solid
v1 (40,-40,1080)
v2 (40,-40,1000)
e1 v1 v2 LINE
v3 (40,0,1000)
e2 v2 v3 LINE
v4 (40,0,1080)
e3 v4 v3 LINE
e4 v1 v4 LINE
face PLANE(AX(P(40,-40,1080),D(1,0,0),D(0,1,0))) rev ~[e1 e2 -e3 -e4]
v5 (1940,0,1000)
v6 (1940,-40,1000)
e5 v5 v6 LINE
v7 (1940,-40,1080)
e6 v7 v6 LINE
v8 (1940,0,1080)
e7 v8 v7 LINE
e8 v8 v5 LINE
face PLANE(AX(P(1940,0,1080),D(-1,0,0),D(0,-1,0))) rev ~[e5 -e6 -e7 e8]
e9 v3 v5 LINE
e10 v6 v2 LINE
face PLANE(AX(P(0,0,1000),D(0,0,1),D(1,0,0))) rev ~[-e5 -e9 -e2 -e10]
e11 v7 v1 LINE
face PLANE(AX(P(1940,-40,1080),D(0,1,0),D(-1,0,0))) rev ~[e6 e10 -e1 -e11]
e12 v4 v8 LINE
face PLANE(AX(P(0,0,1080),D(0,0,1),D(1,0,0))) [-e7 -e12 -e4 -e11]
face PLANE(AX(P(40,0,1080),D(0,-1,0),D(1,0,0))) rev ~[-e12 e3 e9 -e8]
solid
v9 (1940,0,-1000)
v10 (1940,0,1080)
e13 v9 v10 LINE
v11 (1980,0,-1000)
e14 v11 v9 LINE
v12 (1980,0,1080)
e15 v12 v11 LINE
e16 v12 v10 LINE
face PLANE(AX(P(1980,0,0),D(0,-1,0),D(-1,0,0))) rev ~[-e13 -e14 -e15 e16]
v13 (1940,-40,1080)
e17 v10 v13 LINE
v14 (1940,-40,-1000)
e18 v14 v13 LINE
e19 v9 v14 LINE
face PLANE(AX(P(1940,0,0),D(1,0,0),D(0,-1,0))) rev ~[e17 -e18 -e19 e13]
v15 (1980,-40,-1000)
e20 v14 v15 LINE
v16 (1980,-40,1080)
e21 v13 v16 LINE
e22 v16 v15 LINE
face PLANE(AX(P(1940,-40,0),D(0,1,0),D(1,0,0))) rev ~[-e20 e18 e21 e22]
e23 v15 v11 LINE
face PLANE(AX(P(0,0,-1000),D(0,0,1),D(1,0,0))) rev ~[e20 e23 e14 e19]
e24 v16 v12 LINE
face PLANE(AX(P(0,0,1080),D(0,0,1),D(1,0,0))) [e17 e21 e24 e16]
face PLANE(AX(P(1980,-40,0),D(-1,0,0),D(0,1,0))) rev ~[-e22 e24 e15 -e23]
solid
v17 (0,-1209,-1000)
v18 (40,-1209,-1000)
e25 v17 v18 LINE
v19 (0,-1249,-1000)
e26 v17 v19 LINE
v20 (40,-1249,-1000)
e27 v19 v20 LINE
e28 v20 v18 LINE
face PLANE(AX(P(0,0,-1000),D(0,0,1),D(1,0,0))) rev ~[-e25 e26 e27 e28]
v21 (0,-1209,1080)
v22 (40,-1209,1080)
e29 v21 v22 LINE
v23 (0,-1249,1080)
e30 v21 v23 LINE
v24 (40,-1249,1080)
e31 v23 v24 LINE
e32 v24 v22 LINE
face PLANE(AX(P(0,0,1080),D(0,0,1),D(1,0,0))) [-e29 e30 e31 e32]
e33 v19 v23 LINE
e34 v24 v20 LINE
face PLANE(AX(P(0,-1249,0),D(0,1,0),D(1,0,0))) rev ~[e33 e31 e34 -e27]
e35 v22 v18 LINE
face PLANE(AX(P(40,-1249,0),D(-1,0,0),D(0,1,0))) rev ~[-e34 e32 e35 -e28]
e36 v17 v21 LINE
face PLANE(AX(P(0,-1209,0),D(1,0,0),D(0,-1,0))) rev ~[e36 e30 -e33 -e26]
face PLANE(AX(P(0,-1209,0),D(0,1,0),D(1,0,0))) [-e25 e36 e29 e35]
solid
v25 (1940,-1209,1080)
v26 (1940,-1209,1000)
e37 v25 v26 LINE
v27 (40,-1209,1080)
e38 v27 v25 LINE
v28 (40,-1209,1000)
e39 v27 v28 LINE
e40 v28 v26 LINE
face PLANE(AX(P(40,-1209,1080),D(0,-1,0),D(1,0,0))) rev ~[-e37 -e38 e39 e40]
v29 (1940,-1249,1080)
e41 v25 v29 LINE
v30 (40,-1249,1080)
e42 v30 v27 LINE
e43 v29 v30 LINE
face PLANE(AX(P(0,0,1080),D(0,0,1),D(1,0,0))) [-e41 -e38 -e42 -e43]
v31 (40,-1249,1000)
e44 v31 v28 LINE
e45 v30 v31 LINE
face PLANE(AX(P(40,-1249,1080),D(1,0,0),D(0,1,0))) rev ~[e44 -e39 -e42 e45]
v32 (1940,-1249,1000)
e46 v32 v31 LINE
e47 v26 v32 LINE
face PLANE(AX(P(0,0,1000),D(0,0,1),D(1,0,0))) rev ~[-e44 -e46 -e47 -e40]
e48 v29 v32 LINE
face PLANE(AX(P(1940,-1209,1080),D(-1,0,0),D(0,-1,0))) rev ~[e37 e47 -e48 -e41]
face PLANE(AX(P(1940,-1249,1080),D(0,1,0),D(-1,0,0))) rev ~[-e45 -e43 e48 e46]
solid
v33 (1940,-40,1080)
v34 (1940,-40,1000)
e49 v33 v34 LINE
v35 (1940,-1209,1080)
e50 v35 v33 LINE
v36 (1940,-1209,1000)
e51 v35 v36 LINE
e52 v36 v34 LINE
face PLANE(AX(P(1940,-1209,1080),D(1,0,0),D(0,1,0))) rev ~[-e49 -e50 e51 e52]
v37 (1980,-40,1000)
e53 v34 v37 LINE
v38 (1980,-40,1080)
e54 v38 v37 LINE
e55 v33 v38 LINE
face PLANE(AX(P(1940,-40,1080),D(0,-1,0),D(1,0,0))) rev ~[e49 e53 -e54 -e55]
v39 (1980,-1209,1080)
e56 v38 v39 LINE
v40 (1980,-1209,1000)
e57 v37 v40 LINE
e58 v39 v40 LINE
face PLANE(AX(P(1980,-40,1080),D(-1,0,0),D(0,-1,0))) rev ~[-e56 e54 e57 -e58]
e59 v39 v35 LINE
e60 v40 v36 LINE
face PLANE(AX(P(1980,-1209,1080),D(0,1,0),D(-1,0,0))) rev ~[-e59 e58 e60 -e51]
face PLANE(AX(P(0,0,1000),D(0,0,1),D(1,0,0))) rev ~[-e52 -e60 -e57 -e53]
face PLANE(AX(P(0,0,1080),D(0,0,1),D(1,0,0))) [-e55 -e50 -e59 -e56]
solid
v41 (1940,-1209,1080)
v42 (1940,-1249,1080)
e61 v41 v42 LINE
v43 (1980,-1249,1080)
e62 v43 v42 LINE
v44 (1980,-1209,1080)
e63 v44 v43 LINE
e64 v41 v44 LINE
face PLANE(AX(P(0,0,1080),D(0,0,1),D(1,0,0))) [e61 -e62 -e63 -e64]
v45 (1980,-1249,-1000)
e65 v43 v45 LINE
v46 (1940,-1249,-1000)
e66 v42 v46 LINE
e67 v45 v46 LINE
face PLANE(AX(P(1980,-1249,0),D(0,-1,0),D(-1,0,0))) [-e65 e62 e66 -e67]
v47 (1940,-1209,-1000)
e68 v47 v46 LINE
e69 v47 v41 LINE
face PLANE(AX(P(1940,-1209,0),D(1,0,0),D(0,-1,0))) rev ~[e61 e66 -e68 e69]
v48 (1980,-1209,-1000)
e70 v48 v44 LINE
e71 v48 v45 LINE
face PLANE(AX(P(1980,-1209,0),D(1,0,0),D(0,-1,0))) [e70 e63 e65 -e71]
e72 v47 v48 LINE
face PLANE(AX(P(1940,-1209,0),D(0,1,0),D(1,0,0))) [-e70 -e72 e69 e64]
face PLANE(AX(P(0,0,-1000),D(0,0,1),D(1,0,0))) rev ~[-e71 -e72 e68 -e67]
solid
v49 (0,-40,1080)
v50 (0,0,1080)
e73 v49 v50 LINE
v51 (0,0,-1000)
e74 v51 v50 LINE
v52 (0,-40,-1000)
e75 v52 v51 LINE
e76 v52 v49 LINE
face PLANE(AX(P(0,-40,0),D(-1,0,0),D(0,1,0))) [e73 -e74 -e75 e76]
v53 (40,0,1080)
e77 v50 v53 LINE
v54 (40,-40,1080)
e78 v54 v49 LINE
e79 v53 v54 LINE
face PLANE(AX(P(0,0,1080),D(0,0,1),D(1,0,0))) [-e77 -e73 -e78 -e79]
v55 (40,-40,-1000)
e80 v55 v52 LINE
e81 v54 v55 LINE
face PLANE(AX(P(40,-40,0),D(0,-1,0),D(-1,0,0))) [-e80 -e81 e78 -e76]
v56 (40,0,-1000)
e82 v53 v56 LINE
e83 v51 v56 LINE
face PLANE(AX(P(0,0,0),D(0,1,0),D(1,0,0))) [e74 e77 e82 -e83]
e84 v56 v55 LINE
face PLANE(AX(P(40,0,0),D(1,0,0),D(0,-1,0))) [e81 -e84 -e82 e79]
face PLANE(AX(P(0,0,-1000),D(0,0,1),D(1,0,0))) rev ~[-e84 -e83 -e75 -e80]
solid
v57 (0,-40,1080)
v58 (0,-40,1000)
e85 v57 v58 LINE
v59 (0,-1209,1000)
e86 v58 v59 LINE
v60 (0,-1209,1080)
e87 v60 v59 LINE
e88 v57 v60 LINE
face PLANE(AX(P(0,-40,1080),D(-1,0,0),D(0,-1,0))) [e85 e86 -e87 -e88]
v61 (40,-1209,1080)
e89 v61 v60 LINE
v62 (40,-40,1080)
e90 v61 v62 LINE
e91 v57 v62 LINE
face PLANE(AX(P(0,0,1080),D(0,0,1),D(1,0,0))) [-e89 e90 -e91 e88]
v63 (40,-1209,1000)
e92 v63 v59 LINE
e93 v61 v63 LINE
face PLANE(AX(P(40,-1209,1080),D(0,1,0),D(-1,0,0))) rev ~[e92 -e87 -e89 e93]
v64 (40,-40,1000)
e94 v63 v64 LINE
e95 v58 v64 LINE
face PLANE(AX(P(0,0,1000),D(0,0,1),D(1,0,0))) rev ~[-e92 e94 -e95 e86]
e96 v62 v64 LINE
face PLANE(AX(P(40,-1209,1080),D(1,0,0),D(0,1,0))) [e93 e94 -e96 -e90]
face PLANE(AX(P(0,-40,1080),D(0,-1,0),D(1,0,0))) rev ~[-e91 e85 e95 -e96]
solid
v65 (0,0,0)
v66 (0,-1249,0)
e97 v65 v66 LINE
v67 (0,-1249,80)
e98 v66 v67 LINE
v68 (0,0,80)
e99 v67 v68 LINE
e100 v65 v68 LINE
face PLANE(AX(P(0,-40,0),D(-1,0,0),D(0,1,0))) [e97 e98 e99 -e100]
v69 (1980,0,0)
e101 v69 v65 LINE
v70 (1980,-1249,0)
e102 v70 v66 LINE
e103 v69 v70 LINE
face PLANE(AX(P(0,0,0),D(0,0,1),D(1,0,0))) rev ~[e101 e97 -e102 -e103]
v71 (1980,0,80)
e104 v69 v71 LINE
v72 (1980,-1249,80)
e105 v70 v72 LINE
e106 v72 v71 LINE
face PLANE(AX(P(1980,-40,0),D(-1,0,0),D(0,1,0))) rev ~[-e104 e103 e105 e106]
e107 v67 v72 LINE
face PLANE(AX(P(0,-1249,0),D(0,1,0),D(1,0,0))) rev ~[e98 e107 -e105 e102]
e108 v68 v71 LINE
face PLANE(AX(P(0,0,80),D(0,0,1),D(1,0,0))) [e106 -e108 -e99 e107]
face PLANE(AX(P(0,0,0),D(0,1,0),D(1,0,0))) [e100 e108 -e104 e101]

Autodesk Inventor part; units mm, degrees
ref_plane "YZ Plane" through (0, 0, 0) normal (1, 0, 0) x (0, 1, 0)
ref_plane "XZ Plane" through (0, 0, 0) normal (0, 1, 0) x (-1, 0, 0)
ref_plane "XY Plane" through (0, 0, 0) normal (0, 0, 1) x (1, 0, 0)
sketch "Sketch1" plane through (0, 0, 0) normal (0, 0, 1) x (1, 0, 0)
  line L0 (0, 0) -> (40, 0)
  line L1 (40, 0) -> (40, -40)
  line L2 (40, -40) -> (0, -40)
  line L3 (0, -40) -> (0, 0)
  line L4 (40, 0) -> (1940, 0)
  line L5 (1940, 0) -> (1940, -40)
  line L6 (1940, -40) -> (1980, -40)
  line L7 (1980, -40) -> (1980, 0)
  line L8 (1980, 0) -> (1940, 0)
  line L9 (40, -40) -> (1940, -40)
  line L10 (0, -40) -> (0, -1209)
  line L11 (0, -1209) -> (40, -1209)
  line L12 (40, -1209) -> (40, -40)
  line L13 (0, -1209) -> (0, -1249)
  line L14 (0, -1249) -> (40, -1249)
  line L15 (40, -1249) -> (40, -1209)
  line L16 (1940, -1209) -> (1940, -1249)
  line L17 (1940, -1249) -> (40, -1249)
  line L18 (1940, -1209) -> (1980, -1209)
  line L19 (1980, -1209) -> (1980, -1249)
  line L20 (1980, -1249) -> (1940, -1249)
  line L21 (1940, -1209) -> (1940, -40)
  line L22 (1980, -40) -> (1980, -1209)
  line L23 (40, -1209) -> (1940, -1209)
  line L24 (40, -520) -> (1940, -520)
  line L25 (40, -560) -> (1940, -560)
  line L26 (490, -40) -> (490, -520)
  line L27 (530, -520) -> (530, -40)
  line L28 (830, -40) -> (830, -520)
  line L29 (870, -520) -> (870, -40)
  line L30 (1130, -40) -> (1130, -520)
  line L31 (1170, -520) -> (1170, -40)
  line L32 (1470, -40) -> (1470, -520)
  line L33 (1510, -520) -> (1510, -40)
  line L34 (240, -560) -> (240, -1209)
  line L35 (280, -1209) -> (280, -560)
  line L36 (600, -560) -> (600, -1209)
  line L37 (640, -1209) -> (640, -560)
  line L38 (900, -560) -> (900, -1209)
  line L39 (940, -1209) -> (940, -560)
  line L40 (1060, -560) -> (1060, -1209)
  line L41 (1100, -1209) -> (1100, -560)
  line L42 (1420, -560) -> (1420, -1209)
  line L43 (1460, -1209) -> (1460, -560)
  line L44 (1460, -749.4424) -> (1940, -749.4424)
  line L45 (1940, -749.4424) -> (1940, -789.4424)
  line L46 (1940, -789.4424) -> (1460, -789.4424)
  line L47 (1460, -789.4424) -> (1460, -749.4424)
  line L48 (1460, -984.7722) -> (1940, -984.7722)
  line L49 (1940, -984.7722) -> (1940, -1024.7722)
  line L50 (1940, -1024.7722) -> (1460, -1024.7722)
  line L51 (1460, -1024.7722) -> (1460, -984.7722)
  dimension "d15" = 40
  dimension "d16" = 480
  dimension "d17" = 649
  dimension "d11" = 40
  dimension "d12" = 40
  dimension "d13" = 40
  dimension "d14" = 40
  dimension "d18" = 40
  dimension "d19" = 40
  dimension "d20" = 40
  dimension "d21" = 40
  dimension "d22" = 470
  dimension "d23" = 340
  dimension "d24" = 490
  dimension "d25" = 340
  dimension "d26" = 40
  dimension "d27" = 40
  dimension "d28" = 40
  dimension "d29" = 40
  dimension "d30" = 40
  dimension "d31" = 200
  dimension "d32" = 880
  dimension "d35" = 480
  dimension "d51" = 40
  dimension "d52" = 40
  dimension "d53" = 1980
  dimension "d108" = 360
  dimension "d109" = 240
extrude "Extrusion1" [suppressed]
extrude "Extrusion7" [suppressed]
extrude "Extrusion8" [suppressed]
extrude "Extrusion9" [suppressed]
extrude "Extrusion2" [suppressed]
extrude "Extrusion10" [suppressed]
extrude "Extrusion11" [suppressed]
extrude "Extrusion12" [suppressed]
extrude "Extrusion13" [suppressed]
extrude "Extrusion14" [suppressed]
extrude "Extrusion15" [suppressed]
extrude "Extrusion16" [suppressed]
extrude "Extrusion17" [suppressed]
extrude "Extrusion18" [suppressed]
extrude "Extrusion19" [suppressed]
extrude "Extrusion20" [suppressed]
extrude "Extrusion3" add sketch "Sketch1" along normal blind 1080 and the other way blind 1000 separate body contours L0 L1 L2 L3
extrude "Extrusion21" add sketch "Sketch1" along normal blind 1080 and the other way blind 1000 separate body contours L11 L15 L14 L13
extrude "Extrusion22" add sketch "Sketch1" along normal blind 1080 and the other way blind 1000 separate body contours L19 L20 L16 L18
extrude "Extrusion23" add sketch "Sketch1" along normal blind 1080 and the other way blind 1000 separate body contours L8 L7 L6 L5
sketch "Sketch2" plane through (0, 0, 1080) normal (0, 0, 1) x (1, 0, 0)
  line L0 (0, 0) -> (0, -40) projected
  line L1 (0, -40) -> (40, -40) projected
  line L2 (40, -40) -> (40, 0) projected
  line L3 (40, 0) -> (0, 0) projected
  line L4 (1940, 0) -> (1940, -40) projected
  line L5 (1940, -40) -> (1980, -40) projected
  line L6 (1980, -40) -> (1980, 0) projected
  line L7 (1980, 0) -> (1940, 0) projected
  line L8 (1940, -1209) -> (1940, -1249) projected
  line L9 (1940, -1249) -> (1980, -1249) projected
  line L10 (1980, -1249) -> (1980, -1209) projected
  line L11 (1980, -1209) -> (1940, -1209) projected
  line L12 (0, -1209) -> (0, -1249) projected
  line L13 (0, -1249) -> (40, -1249) projected
  line L14 (40, -1249) -> (40, -1209) projected
  line L15 (40, -1209) -> (0, -1209) projected
  line L16 (0, -1209) -> (40, -1209)
  line L17 (40, -1209) -> (40, -40)
  line L18 (40, -40) -> (0, -40)
  line L19 (0, -40) -> (0, -1209)
  line L20 (40, 0) -> (1940, 0)
  line L21 (1940, 0) -> (1940, -40)
  line L22 (1940, -40) -> (40, -40)
  line L23 (40, -40) -> (40, 0)
  line L24 (1940, -40) -> (1980, -40)
  line L25 (1980, -40) -> (1980, -1209)
  line L26 (1980, -1209) -> (1940, -1209)
  line L27 (1940, -1209) -> (1940, -40)
  line L28 (40, -1209) -> (1940, -1209)
  line L29 (1940, -1209) -> (1940, -1249)
  line L30 (1940, -1249) -> (40, -1249)
  line L31 (40, -1249) -> (40, -1209)
  line L32 (40, -1209) -> (0, -1209) projected
  line L33 (0, -1249) -> (40, -1249) projected
  line L34 (1940, -1209) -> (1940, -1249) projected
  line L35 (1980, -1209) -> (1940, -1209) projected
  line L36 (1940, -40) -> (1980, -40) projected
  line L37 (1940, 0) -> (1940, -40) projected
  line L38 (1980, 0) -> (1940, 0) projected
  line L39 (0, -40) -> (40, -40) projected
extrude "Extrusion4" add sketch "Sketch2" against normal blind 80 separate body contours L1 L17 L15 L19
extrude "Extrusion24" add sketch "Sketch2" against normal blind 80 separate body contours L28 L8 L30 L14
extrude "Extrusion25" add sketch "Sketch2" against normal blind 80 separate body contours L5 L25 L11 L27
extrude "Extrusion26" add sketch "Sketch2" against normal blind 80 separate body contours L20 L4 L22 L2
sketch "Sketch3" plane through (0, 0, 80) normal (0, 0, -1) x (-1, 0, 0)
  line L0 (-850, -1749) -> (-890, -1749)
  line L1 (-890, -1749) -> (-890, -1249)
  line L2 (-890, -1249) -> (-850, -1249)
  line L3 (-850, -1249) -> (-850, -1749)
  line L4 (-1110, -1749) -> (-1150, -1749)
  line L5 (-1150, -1749) -> (-1150, -1249)
  line L6 (-1150, -1249) -> (-1110, -1249)
  line L7 (-1110, -1249) -> (-1110, -1749)
  line L8 (-1940, -1249) -> (-40, -1249) construction
  point P0 (0, 0)
  point P1 (0, -1249)
  dimension "d44" = 40
  dimension "d45" = 40
  dimension "d46" = 300
  dimension "d48" = 500
  dimension "d105" = 850
extrude "Extrusion5" [suppressed]
extrude "Extrusion27" [suppressed]
ref_plane "Work Plane5" through (850, -874.5, 80) normal (0, -1, 0) x (-1, 0, 0)
ref_plane "Work Plane6" through (990, -1209, 0) normal (-1, 0, 0) x (0, 0, 1)
ref_plane "Work Plane7" through (0, 0, 40) normal (0, 0, 1) x (1, 0, 0)
ref_plane "Work Plane8" through (40, -624.5, 1080) normal (0, -1, 0) x (1, 0, 0)
extrude "Extrusion28" add sketch "Sketch1" along normal blind 80 separate body
equation "\"d15\" = d12"
equation "\"d11\" = d13"
equation "\"d14\" = d12"
equation "\"d18\" = d12"
equation "\"d19\" = d12"
equation "\"d20\" = d12"
equation "\"d21\" = d12"
equation "\"d26\" = d12"
equation "\"d27\" = d12"
equation "\"d28\" = d12"
equation "\"d29\" = d12"
equation "\"d30\" = d12"
equation "\"d32\" = d33"
equation "\"d51\" = d12"
equation "\"d52\" = d12"
equation "\"d45\" = d44"
equation "\"d33\" = 880"
properties part number "RobotFab Frame 2"
